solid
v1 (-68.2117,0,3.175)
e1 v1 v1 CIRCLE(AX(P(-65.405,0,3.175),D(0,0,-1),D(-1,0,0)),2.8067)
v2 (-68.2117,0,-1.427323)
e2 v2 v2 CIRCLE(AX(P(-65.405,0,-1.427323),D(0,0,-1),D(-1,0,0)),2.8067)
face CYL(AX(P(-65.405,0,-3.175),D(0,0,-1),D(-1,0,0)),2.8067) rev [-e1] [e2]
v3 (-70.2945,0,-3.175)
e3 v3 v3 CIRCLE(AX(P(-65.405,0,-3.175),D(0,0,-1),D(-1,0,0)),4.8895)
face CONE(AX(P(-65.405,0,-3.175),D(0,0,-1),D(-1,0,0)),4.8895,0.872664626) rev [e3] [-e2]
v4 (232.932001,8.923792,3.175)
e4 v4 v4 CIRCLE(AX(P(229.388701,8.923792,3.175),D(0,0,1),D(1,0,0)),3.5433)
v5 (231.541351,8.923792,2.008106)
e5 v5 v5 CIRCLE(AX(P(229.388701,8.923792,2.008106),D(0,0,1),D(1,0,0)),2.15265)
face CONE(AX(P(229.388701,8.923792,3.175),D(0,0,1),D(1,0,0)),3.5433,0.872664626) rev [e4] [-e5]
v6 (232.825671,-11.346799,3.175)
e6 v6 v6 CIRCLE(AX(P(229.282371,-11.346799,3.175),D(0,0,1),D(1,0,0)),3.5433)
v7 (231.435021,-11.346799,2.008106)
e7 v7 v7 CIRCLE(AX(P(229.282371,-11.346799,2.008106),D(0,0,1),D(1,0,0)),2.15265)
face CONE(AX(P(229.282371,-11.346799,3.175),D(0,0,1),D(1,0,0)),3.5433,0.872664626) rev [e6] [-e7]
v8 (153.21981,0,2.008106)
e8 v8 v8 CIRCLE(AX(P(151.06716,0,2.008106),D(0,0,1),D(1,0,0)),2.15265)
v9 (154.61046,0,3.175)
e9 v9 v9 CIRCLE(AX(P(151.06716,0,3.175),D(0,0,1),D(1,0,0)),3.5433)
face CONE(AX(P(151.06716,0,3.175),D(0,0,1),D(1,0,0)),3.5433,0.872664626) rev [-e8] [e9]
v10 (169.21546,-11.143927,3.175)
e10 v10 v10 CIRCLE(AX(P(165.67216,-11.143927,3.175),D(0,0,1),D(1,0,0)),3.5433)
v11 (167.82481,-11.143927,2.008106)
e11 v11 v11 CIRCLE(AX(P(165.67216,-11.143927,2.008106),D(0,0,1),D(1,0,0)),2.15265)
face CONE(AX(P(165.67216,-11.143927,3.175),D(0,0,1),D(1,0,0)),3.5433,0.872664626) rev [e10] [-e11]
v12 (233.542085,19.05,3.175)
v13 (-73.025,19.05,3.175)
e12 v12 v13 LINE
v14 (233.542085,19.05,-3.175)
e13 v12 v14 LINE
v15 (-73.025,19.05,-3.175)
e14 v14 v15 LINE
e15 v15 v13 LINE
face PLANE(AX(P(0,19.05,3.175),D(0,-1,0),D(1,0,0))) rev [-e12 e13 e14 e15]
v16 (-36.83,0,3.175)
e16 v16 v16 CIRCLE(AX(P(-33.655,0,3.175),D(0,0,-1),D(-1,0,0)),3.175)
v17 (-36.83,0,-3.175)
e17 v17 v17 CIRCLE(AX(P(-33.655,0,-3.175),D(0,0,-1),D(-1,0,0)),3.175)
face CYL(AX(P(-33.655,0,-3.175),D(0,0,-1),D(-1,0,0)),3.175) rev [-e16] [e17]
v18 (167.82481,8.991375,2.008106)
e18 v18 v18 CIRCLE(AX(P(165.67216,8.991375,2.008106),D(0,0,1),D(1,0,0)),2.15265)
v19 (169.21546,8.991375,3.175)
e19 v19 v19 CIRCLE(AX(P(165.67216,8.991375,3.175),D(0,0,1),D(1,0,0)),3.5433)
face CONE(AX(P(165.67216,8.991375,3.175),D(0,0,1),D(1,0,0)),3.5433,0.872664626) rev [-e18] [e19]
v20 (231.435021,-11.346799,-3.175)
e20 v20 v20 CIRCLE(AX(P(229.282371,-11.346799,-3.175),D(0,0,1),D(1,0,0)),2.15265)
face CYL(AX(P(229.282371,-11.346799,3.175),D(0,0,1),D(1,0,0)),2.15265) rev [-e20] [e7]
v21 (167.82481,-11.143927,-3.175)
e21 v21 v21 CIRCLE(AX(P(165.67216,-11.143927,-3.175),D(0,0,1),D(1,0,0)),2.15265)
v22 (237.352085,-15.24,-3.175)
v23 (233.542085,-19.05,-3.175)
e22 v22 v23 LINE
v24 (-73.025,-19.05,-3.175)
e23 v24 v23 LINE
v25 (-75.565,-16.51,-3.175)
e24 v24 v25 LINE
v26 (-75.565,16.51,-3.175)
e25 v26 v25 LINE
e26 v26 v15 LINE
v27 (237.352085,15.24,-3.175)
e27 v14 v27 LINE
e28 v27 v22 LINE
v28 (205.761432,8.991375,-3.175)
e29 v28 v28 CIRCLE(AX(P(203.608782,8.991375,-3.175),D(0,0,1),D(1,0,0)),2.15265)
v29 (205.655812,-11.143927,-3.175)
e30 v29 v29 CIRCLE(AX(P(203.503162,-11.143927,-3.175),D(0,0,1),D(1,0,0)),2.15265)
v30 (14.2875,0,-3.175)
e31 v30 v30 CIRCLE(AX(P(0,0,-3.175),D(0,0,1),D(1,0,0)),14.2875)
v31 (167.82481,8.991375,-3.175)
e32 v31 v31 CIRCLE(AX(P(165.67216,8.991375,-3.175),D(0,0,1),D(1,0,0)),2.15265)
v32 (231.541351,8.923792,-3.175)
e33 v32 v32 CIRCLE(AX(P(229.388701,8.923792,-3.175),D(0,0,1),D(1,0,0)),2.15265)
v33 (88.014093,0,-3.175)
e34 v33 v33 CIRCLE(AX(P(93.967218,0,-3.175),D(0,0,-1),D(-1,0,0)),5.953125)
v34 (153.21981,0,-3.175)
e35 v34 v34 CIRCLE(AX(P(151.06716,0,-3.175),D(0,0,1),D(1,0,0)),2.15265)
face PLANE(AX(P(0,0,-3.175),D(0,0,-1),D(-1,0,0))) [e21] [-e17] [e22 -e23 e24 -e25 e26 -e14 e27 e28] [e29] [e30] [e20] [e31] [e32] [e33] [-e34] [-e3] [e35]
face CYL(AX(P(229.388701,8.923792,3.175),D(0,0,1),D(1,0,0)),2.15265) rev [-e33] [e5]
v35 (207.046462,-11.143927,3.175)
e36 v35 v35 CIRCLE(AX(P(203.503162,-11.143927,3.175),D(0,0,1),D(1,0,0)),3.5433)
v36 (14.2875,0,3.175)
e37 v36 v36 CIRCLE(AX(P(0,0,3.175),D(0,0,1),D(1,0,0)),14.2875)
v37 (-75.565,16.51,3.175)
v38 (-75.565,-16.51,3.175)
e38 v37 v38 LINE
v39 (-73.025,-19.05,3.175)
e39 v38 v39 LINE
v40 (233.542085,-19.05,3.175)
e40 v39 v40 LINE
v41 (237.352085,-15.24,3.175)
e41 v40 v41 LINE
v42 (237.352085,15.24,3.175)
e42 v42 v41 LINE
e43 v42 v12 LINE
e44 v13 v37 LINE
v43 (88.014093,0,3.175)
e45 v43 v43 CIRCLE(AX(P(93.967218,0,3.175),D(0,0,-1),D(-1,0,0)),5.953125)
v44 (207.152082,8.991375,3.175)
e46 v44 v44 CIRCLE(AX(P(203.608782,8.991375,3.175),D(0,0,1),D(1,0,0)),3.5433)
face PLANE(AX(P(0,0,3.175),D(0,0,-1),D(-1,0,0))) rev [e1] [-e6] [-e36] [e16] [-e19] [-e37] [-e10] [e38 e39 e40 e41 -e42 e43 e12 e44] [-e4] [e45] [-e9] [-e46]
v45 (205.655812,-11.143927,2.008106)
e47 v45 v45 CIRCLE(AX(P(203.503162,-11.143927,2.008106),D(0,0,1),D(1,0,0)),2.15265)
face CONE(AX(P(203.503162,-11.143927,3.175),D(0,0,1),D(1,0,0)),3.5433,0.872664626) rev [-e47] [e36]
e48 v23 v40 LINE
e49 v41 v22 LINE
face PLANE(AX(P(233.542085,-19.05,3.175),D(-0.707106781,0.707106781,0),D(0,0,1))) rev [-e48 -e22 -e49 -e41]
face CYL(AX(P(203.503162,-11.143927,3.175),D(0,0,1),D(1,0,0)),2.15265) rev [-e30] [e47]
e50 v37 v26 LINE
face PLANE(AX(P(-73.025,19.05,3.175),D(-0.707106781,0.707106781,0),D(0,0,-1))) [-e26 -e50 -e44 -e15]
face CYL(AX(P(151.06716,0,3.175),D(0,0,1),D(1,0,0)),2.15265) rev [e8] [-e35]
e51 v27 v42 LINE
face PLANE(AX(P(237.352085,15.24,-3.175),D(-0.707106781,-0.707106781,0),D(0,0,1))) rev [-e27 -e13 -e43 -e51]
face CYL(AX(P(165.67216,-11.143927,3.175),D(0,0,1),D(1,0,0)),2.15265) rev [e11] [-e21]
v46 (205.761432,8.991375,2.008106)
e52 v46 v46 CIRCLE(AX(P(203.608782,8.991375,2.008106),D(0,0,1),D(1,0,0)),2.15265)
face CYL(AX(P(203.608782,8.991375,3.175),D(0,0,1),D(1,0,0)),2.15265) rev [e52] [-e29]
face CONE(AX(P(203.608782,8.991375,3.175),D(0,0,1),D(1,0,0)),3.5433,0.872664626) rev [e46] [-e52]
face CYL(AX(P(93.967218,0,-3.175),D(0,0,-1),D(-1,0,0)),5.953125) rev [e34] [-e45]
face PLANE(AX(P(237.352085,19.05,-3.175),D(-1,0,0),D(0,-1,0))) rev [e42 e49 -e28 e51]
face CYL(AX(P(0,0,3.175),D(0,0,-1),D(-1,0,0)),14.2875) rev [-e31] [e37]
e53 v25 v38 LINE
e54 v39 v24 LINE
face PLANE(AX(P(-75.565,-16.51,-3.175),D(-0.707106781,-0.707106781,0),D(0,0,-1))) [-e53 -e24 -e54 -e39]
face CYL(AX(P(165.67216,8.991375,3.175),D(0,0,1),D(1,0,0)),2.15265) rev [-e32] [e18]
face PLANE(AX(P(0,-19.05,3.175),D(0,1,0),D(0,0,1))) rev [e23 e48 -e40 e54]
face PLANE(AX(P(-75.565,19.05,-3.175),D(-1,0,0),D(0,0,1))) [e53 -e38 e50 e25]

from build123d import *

# Parameters (mm, degrees)
SKETCH1_R                                          = 14.2875
BOSS_EXTRUDE1_DEPTH                                = 3.175
F_6_CLEARANCE_HOLE3_D                              = 4.3053
CUT_EXTRUDE1_DEPTH                                 = 255.792513626
CHAMFER1_SIZE                                      = 3.81
CSK_FOR_6_FLAT_HEAD_MACHINE_SCREW_100_D            = 4.3053
CSK_FOR_6_FLAT_HEAD_MACHINE_SCREW_100_CSINK_D      = 7.0866
CSK_FOR_6_FLAT_HEAD_MACHINE_SCREW_100_CSINK_ANGLE  = 100
SKETCH14_W                                         = 50.8
SKETCH14_H                                         = 38.1
BOSS_EXTRUDE2_DEPTH                                = 6.35
CHAMFER2_SIZE                                      = 2.54
CSK_FOR_10_FLAT_HEAD_MACHINE_SCREW_100_D           = 5.6134
CSK_FOR_10_FLAT_HEAD_MACHINE_SCREW_100_CSINK_D     = 9.779
CSK_FOR_10_FLAT_HEAD_MACHINE_SCREW_100_CSINK_ANGLE = 100
F_1_4_0_25_DIAMETER_HOLE1_D                        = 6.35
F_15_32_0_46875_DIAMETER_HOLE1_D                   = 11.90625


with BuildPart() as part:
    # Sketch1 → Boss-Extrude1 (new, symmetric)
    with BuildSketch(Plane.XY):
        Polygon((0, 19.05), (-28.575, 19.05), (-28.575, -19.05), (0, -19.05), (247.281942035, -19.05), (254, 19.05), align=None)
        Circle(SKETCH1_R, mode=Mode.SUBTRACT)
    extrude(amount=BOSS_EXTRUDE1_DEPTH, both=True)

    # #6 Clearance Hole3 (through all)
    with Locations(Plane.XY.offset(3.175)):
        with Locations((229.388701471, 8.923791784), (229.282371239, -11.346798968), (203.503161764, -11.143926969), (203.608782335, 8.991375351), (165.672159691, 8.991375351), (165.672159691, -11.143926969), (151.067159691, 0)):
            Hole(F_6_CLEARANCE_HOLE3_D / 2)

    # Sketch9 → Cut-Extrude1 (cut, through all)
    with BuildSketch(Plane.XY.offset(3.175)):
        Polygon((254, 19.05), (247.281942035, -19.05), (237.352085197, -19.05), (237.352085197, 19.05), align=None)
    extrude(amount=-CUT_EXTRUDE1_DEPTH, mode=Mode.SUBTRACT)

    # Chamfer1
    chamfer1_edges = [part.edges().sort_by_distance(p)[0] for p in [
        (-28.575, -19.05, 0),
        (-28.575, 19.05, 0),
        (237.352085197, 19.05, 0),
        (237.352085197, -19.05, 0),
    ]]
    chamfer(chamfer1_edges, length=CHAMFER1_SIZE)

    # CSK for #6 Flat Head Machine Screw (100)2 (through all)
    with Locations(Plane.XY.offset(3.175)):
        with Locations((203.608782335, 8.991375351), (203.503161764, -11.143926969), (229.282371239, -11.346798968), (229.388701471, 8.923791784), (165.672159691, 8.991375351), (165.672159691, -11.143926969), (151.067159691, 0)):
            CounterSinkHole(CSK_FOR_6_FLAT_HEAD_MACHINE_SCREW_100_D / 2, CSK_FOR_6_FLAT_HEAD_MACHINE_SCREW_100_CSINK_D / 2, counter_sink_angle=CSK_FOR_6_FLAT_HEAD_MACHINE_SCREW_100_CSINK_ANGLE)

    # Sketch14 → Boss-Extrude2 (add, through all)
    with BuildSketch(Plane.XY.offset(3.175)):
        with Locations((-50.165, 0)):
            Rectangle(SKETCH14_W, SKETCH14_H)
    extrude(amount=-BOSS_EXTRUDE2_DEPTH)

    # Chamfer2
    chamfer2_edges = [part.edges().sort_by_distance(p)[0] for p in [
        (-75.565, -19.05, 0),
        (-75.565, 19.05, 0),
    ]]
    chamfer(chamfer2_edges, length=CHAMFER2_SIZE)

    # CSK for #10 Flat Head Machine Screw (100)1 (through all)
    with Locations(Plane(origin=(0, 0, -3.175), x_dir=(1, 0, 0), z_dir=(0, 0, -1))):
        with Locations((-65.405, 0)):
            CounterSinkHole(CSK_FOR_10_FLAT_HEAD_MACHINE_SCREW_100_D / 2, CSK_FOR_10_FLAT_HEAD_MACHINE_SCREW_100_CSINK_D / 2, counter_sink_angle=CSK_FOR_10_FLAT_HEAD_MACHINE_SCREW_100_CSINK_ANGLE)

    # 1/4 (0.25) Diameter Hole1 (through all)
    with Locations(Plane(origin=(0, 0, -3.175), x_dir=(-1, 0, 0), z_dir=(0, 0, -1))):
        with Locations((33.655, 0)):
            Hole(F_1_4_0_25_DIAMETER_HOLE1_D / 2)

    # 15/32 (0.46875) Diameter Hole1 (through all)
    with Locations(Plane(origin=(0, 0, -3.175), x_dir=(-1, 0, 0), z_dir=(0, 0, -1))):
        with Locations((-93.967218212, 0)):
            Hole(F_15_32_0_46875_DIAMETER_HOLE1_D / 2)


solid = part.part
